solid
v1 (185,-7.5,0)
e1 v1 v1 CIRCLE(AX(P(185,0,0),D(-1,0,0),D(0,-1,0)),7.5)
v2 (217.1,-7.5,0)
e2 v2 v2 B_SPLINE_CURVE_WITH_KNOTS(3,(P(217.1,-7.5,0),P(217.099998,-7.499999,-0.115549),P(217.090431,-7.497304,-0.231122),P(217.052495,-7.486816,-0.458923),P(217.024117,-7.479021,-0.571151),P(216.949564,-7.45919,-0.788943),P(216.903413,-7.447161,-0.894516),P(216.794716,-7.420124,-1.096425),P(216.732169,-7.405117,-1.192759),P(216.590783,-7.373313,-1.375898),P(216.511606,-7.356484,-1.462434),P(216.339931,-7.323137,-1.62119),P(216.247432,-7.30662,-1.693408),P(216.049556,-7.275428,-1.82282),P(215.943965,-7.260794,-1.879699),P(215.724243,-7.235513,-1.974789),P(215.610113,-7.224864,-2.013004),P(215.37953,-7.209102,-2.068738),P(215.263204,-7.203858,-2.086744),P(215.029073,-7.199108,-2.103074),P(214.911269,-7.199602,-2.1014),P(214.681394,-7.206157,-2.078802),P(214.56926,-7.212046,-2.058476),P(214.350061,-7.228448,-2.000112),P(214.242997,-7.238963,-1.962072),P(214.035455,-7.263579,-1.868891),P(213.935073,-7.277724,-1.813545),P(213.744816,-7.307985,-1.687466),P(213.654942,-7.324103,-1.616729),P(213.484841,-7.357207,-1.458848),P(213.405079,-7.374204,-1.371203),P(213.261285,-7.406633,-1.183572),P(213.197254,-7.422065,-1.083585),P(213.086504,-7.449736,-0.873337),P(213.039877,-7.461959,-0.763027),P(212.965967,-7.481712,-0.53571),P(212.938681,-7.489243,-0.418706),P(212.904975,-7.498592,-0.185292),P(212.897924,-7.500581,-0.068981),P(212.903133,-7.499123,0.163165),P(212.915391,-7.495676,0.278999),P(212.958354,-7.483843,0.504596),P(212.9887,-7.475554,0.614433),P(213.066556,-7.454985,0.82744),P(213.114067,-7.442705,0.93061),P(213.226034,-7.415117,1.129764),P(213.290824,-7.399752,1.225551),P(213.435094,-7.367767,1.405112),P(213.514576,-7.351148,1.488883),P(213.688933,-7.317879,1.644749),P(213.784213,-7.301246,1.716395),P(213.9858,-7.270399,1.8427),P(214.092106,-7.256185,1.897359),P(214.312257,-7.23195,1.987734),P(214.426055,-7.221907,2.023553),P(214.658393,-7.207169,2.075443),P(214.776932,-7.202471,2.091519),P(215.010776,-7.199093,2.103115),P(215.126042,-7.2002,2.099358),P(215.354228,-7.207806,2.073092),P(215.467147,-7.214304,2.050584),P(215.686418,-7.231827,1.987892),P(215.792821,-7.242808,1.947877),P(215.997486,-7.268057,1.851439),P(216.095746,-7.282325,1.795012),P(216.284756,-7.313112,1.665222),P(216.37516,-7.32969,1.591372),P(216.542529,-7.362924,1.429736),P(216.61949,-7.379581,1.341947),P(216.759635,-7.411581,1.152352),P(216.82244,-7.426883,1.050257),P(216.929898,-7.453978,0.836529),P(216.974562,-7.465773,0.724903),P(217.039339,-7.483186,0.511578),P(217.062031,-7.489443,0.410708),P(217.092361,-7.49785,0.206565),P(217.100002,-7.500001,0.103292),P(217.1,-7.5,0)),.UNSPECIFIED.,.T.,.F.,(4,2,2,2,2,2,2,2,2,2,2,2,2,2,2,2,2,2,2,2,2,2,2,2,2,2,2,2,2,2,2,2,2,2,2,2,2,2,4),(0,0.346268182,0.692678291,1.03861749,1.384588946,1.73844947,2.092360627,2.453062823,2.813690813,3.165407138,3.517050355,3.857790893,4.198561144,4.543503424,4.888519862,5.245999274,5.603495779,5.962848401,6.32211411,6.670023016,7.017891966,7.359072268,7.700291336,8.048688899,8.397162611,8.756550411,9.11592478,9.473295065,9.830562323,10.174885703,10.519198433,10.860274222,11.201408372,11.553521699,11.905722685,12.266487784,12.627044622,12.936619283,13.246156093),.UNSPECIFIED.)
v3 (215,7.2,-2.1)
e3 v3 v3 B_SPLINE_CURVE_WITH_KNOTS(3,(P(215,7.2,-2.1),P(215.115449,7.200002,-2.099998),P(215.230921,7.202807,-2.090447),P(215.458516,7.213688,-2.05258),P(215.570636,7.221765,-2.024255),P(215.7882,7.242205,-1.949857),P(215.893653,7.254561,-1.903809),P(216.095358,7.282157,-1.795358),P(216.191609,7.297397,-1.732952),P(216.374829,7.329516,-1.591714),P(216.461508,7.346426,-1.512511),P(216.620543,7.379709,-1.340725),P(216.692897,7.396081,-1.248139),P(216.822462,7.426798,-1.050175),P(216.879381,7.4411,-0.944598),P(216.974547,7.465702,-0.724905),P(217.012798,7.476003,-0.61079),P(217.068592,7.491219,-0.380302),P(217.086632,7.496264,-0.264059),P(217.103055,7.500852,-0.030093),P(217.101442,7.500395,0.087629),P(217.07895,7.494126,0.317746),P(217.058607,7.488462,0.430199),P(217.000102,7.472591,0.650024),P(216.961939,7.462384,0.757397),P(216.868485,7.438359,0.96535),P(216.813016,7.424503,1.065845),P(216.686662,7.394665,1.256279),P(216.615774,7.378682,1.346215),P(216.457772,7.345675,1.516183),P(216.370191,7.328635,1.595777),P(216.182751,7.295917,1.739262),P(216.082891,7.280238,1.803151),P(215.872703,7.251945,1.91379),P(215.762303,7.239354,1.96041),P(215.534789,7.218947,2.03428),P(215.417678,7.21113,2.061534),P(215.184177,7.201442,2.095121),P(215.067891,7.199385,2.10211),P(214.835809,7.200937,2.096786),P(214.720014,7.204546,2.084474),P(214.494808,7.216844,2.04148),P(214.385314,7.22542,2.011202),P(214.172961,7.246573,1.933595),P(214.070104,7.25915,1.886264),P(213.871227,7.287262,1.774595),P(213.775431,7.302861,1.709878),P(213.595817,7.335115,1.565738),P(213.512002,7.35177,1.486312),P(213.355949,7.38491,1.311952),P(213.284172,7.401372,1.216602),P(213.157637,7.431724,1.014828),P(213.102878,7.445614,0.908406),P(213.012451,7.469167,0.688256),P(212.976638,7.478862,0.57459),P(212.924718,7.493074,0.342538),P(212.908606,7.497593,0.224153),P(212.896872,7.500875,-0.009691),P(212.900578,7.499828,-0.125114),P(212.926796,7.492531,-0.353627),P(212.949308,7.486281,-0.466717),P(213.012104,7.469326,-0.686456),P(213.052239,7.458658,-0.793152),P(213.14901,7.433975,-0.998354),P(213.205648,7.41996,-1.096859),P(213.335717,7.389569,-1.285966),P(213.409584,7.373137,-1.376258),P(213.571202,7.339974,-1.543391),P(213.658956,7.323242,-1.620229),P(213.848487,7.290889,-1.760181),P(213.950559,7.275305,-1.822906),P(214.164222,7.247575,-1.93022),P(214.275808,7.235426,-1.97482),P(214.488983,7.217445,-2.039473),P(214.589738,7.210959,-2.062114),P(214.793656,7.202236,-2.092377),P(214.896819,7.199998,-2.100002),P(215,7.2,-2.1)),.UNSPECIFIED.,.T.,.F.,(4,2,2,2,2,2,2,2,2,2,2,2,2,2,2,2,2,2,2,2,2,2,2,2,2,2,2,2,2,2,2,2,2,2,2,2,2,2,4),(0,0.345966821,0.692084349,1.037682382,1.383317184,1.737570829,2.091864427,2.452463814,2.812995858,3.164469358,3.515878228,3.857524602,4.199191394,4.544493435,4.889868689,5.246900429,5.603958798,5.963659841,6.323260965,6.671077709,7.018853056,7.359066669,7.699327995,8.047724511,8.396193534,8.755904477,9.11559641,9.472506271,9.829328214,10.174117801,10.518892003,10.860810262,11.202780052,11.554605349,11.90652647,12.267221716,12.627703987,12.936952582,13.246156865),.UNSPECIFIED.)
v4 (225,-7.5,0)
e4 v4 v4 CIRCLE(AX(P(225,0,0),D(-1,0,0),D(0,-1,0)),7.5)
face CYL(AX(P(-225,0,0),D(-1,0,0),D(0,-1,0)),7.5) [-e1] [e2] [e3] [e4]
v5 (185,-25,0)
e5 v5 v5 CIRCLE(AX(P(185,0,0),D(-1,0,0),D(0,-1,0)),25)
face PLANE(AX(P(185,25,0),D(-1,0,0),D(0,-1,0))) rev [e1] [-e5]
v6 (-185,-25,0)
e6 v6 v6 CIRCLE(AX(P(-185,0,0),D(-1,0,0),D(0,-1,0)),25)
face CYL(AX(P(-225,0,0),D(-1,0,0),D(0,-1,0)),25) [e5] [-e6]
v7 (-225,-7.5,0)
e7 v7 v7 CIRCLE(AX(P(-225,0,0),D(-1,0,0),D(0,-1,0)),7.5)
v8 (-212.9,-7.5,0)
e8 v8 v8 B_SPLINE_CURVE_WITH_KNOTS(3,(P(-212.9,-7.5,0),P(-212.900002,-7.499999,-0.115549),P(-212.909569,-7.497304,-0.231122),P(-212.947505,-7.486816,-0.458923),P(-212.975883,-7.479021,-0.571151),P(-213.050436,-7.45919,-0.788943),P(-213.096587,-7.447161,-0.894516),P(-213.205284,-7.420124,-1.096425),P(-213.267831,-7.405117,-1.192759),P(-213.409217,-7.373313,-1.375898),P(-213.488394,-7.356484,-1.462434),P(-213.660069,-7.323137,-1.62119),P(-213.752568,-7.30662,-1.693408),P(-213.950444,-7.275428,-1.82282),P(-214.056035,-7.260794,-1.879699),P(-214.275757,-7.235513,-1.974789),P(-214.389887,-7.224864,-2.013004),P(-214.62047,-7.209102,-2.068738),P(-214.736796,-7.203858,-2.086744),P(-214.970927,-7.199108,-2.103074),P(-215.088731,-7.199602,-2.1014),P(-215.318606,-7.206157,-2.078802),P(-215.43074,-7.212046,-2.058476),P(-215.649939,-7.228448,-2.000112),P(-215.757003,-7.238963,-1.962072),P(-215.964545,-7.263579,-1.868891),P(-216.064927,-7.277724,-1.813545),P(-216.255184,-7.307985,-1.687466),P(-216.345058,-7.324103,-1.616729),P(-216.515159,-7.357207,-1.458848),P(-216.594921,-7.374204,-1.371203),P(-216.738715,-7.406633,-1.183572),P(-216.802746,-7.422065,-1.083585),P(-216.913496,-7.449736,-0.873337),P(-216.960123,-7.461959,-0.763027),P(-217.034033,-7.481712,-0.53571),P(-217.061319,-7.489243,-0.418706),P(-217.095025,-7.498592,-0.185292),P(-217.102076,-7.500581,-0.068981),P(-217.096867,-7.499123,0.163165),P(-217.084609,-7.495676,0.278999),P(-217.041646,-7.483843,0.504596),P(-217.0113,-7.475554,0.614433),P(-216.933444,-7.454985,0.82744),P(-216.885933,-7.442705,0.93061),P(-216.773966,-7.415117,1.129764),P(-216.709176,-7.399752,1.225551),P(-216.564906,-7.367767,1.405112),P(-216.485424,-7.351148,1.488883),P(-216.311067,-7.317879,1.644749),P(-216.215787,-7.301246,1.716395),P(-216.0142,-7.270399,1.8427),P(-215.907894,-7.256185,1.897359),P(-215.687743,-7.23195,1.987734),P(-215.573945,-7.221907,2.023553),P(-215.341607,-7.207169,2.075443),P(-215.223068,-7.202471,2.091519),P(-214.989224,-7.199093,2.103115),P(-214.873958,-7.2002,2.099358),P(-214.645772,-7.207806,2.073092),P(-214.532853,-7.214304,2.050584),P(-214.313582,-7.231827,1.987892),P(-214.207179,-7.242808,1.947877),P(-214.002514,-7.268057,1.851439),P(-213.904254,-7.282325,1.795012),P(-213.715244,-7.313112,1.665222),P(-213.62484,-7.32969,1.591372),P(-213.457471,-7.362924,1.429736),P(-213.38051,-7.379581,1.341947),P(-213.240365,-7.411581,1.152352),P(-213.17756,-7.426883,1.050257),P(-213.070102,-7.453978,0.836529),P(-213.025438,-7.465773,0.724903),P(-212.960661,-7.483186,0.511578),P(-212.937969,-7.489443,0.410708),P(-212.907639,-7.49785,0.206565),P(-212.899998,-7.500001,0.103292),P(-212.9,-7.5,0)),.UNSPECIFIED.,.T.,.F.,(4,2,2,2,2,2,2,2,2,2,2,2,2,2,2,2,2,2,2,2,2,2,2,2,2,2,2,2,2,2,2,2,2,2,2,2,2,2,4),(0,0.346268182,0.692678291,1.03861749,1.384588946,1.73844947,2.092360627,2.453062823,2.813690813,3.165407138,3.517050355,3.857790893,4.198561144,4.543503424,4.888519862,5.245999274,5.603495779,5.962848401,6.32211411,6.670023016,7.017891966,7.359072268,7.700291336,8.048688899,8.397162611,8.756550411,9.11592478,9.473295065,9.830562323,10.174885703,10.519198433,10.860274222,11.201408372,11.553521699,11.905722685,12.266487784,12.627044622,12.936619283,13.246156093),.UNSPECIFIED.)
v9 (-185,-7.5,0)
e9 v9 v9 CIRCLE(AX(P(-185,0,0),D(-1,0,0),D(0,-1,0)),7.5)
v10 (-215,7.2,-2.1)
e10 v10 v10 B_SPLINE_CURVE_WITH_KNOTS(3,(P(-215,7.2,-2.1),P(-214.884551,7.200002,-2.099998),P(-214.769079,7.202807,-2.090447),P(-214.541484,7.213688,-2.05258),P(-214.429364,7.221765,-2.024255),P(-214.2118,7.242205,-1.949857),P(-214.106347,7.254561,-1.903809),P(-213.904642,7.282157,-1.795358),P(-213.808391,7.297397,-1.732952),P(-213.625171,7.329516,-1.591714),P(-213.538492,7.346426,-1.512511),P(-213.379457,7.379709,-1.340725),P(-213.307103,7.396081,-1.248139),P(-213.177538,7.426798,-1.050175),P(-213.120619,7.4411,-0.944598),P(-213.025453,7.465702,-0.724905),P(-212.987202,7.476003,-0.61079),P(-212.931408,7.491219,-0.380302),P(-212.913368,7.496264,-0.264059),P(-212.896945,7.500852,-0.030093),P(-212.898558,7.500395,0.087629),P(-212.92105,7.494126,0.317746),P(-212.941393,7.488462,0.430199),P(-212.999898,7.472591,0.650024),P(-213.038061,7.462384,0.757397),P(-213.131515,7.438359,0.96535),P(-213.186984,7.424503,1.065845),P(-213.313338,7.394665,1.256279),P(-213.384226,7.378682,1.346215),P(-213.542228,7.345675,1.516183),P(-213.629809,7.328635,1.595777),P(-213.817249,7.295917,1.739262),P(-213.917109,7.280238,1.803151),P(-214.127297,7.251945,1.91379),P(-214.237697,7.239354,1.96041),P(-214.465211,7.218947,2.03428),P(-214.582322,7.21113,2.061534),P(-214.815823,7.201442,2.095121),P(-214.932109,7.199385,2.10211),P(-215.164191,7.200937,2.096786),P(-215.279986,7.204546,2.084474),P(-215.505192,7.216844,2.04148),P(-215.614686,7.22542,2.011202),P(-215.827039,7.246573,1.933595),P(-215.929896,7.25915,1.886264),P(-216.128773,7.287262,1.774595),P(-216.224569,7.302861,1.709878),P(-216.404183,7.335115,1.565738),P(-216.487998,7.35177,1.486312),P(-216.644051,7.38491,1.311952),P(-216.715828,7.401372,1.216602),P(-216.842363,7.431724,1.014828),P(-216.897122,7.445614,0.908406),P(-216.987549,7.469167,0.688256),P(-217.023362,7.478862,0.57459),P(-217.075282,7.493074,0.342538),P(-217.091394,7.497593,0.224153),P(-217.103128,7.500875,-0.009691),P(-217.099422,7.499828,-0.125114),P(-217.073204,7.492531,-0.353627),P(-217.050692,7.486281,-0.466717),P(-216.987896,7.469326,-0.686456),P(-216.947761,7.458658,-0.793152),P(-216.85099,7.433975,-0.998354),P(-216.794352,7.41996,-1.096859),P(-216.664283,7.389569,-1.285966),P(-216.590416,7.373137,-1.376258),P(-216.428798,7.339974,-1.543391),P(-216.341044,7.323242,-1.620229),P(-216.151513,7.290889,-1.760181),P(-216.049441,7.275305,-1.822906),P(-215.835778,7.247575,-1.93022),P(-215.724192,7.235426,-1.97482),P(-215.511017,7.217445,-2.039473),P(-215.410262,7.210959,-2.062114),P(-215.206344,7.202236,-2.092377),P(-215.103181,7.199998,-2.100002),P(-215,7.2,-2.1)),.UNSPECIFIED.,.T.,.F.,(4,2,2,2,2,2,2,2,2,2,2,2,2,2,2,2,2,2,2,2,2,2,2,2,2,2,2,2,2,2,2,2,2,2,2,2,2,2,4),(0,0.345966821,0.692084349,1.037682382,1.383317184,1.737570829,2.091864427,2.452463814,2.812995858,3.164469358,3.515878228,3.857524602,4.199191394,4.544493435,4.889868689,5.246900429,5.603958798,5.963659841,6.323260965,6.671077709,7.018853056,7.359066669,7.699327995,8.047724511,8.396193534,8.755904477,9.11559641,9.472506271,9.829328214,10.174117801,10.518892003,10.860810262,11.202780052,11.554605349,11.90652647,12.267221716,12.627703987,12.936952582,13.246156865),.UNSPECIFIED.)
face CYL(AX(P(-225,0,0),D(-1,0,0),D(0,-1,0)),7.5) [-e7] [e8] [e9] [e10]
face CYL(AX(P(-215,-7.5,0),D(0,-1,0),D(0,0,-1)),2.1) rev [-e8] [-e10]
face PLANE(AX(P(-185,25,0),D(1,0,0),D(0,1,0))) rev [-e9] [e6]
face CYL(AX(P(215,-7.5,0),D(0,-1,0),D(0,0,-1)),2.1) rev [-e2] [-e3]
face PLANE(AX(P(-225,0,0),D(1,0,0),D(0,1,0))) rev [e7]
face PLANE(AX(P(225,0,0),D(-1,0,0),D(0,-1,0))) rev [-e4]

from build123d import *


with BuildPart() as part:
    # 草图1 → 旋转1 (revolve)
    with BuildSketch(Plane.XY):
        Polygon((-185, 25), (185, 25), (185, 7.5), (225, 7.5), (225, 0), (-225, 0), (-225, 7.5), (-185, 7.5), align=None)
    revolve(axis=Axis((-225, 0, 0), (1, 0, 0)))

    # 草图3 → M5 螺纹孔1 (revolve, cut)
    with BuildSketch(Plane(origin=(-215, -7.5, 0), x_dir=(0, 0, -1), z_dir=(1, 0, 0))):
        Polygon((0, 0), (0, 51.2618073), (2.1, 50), (2.1, 0), align=None)
    hole_wizard_m5_1 = revolve(axis=Axis((-215, -13.85, 0), (0, 1, 0)), mode=Mode.SUBTRACT)

    # 镜向1: M5 螺纹孔1 across plane
    add(hole_wizard_m5_1.mirror(Plane(origin=(0, 0, 0), x_dir=(0, 0, 1), z_dir=(1, 0, 0))), mode=Mode.SUBTRACT)


solid = part.part
